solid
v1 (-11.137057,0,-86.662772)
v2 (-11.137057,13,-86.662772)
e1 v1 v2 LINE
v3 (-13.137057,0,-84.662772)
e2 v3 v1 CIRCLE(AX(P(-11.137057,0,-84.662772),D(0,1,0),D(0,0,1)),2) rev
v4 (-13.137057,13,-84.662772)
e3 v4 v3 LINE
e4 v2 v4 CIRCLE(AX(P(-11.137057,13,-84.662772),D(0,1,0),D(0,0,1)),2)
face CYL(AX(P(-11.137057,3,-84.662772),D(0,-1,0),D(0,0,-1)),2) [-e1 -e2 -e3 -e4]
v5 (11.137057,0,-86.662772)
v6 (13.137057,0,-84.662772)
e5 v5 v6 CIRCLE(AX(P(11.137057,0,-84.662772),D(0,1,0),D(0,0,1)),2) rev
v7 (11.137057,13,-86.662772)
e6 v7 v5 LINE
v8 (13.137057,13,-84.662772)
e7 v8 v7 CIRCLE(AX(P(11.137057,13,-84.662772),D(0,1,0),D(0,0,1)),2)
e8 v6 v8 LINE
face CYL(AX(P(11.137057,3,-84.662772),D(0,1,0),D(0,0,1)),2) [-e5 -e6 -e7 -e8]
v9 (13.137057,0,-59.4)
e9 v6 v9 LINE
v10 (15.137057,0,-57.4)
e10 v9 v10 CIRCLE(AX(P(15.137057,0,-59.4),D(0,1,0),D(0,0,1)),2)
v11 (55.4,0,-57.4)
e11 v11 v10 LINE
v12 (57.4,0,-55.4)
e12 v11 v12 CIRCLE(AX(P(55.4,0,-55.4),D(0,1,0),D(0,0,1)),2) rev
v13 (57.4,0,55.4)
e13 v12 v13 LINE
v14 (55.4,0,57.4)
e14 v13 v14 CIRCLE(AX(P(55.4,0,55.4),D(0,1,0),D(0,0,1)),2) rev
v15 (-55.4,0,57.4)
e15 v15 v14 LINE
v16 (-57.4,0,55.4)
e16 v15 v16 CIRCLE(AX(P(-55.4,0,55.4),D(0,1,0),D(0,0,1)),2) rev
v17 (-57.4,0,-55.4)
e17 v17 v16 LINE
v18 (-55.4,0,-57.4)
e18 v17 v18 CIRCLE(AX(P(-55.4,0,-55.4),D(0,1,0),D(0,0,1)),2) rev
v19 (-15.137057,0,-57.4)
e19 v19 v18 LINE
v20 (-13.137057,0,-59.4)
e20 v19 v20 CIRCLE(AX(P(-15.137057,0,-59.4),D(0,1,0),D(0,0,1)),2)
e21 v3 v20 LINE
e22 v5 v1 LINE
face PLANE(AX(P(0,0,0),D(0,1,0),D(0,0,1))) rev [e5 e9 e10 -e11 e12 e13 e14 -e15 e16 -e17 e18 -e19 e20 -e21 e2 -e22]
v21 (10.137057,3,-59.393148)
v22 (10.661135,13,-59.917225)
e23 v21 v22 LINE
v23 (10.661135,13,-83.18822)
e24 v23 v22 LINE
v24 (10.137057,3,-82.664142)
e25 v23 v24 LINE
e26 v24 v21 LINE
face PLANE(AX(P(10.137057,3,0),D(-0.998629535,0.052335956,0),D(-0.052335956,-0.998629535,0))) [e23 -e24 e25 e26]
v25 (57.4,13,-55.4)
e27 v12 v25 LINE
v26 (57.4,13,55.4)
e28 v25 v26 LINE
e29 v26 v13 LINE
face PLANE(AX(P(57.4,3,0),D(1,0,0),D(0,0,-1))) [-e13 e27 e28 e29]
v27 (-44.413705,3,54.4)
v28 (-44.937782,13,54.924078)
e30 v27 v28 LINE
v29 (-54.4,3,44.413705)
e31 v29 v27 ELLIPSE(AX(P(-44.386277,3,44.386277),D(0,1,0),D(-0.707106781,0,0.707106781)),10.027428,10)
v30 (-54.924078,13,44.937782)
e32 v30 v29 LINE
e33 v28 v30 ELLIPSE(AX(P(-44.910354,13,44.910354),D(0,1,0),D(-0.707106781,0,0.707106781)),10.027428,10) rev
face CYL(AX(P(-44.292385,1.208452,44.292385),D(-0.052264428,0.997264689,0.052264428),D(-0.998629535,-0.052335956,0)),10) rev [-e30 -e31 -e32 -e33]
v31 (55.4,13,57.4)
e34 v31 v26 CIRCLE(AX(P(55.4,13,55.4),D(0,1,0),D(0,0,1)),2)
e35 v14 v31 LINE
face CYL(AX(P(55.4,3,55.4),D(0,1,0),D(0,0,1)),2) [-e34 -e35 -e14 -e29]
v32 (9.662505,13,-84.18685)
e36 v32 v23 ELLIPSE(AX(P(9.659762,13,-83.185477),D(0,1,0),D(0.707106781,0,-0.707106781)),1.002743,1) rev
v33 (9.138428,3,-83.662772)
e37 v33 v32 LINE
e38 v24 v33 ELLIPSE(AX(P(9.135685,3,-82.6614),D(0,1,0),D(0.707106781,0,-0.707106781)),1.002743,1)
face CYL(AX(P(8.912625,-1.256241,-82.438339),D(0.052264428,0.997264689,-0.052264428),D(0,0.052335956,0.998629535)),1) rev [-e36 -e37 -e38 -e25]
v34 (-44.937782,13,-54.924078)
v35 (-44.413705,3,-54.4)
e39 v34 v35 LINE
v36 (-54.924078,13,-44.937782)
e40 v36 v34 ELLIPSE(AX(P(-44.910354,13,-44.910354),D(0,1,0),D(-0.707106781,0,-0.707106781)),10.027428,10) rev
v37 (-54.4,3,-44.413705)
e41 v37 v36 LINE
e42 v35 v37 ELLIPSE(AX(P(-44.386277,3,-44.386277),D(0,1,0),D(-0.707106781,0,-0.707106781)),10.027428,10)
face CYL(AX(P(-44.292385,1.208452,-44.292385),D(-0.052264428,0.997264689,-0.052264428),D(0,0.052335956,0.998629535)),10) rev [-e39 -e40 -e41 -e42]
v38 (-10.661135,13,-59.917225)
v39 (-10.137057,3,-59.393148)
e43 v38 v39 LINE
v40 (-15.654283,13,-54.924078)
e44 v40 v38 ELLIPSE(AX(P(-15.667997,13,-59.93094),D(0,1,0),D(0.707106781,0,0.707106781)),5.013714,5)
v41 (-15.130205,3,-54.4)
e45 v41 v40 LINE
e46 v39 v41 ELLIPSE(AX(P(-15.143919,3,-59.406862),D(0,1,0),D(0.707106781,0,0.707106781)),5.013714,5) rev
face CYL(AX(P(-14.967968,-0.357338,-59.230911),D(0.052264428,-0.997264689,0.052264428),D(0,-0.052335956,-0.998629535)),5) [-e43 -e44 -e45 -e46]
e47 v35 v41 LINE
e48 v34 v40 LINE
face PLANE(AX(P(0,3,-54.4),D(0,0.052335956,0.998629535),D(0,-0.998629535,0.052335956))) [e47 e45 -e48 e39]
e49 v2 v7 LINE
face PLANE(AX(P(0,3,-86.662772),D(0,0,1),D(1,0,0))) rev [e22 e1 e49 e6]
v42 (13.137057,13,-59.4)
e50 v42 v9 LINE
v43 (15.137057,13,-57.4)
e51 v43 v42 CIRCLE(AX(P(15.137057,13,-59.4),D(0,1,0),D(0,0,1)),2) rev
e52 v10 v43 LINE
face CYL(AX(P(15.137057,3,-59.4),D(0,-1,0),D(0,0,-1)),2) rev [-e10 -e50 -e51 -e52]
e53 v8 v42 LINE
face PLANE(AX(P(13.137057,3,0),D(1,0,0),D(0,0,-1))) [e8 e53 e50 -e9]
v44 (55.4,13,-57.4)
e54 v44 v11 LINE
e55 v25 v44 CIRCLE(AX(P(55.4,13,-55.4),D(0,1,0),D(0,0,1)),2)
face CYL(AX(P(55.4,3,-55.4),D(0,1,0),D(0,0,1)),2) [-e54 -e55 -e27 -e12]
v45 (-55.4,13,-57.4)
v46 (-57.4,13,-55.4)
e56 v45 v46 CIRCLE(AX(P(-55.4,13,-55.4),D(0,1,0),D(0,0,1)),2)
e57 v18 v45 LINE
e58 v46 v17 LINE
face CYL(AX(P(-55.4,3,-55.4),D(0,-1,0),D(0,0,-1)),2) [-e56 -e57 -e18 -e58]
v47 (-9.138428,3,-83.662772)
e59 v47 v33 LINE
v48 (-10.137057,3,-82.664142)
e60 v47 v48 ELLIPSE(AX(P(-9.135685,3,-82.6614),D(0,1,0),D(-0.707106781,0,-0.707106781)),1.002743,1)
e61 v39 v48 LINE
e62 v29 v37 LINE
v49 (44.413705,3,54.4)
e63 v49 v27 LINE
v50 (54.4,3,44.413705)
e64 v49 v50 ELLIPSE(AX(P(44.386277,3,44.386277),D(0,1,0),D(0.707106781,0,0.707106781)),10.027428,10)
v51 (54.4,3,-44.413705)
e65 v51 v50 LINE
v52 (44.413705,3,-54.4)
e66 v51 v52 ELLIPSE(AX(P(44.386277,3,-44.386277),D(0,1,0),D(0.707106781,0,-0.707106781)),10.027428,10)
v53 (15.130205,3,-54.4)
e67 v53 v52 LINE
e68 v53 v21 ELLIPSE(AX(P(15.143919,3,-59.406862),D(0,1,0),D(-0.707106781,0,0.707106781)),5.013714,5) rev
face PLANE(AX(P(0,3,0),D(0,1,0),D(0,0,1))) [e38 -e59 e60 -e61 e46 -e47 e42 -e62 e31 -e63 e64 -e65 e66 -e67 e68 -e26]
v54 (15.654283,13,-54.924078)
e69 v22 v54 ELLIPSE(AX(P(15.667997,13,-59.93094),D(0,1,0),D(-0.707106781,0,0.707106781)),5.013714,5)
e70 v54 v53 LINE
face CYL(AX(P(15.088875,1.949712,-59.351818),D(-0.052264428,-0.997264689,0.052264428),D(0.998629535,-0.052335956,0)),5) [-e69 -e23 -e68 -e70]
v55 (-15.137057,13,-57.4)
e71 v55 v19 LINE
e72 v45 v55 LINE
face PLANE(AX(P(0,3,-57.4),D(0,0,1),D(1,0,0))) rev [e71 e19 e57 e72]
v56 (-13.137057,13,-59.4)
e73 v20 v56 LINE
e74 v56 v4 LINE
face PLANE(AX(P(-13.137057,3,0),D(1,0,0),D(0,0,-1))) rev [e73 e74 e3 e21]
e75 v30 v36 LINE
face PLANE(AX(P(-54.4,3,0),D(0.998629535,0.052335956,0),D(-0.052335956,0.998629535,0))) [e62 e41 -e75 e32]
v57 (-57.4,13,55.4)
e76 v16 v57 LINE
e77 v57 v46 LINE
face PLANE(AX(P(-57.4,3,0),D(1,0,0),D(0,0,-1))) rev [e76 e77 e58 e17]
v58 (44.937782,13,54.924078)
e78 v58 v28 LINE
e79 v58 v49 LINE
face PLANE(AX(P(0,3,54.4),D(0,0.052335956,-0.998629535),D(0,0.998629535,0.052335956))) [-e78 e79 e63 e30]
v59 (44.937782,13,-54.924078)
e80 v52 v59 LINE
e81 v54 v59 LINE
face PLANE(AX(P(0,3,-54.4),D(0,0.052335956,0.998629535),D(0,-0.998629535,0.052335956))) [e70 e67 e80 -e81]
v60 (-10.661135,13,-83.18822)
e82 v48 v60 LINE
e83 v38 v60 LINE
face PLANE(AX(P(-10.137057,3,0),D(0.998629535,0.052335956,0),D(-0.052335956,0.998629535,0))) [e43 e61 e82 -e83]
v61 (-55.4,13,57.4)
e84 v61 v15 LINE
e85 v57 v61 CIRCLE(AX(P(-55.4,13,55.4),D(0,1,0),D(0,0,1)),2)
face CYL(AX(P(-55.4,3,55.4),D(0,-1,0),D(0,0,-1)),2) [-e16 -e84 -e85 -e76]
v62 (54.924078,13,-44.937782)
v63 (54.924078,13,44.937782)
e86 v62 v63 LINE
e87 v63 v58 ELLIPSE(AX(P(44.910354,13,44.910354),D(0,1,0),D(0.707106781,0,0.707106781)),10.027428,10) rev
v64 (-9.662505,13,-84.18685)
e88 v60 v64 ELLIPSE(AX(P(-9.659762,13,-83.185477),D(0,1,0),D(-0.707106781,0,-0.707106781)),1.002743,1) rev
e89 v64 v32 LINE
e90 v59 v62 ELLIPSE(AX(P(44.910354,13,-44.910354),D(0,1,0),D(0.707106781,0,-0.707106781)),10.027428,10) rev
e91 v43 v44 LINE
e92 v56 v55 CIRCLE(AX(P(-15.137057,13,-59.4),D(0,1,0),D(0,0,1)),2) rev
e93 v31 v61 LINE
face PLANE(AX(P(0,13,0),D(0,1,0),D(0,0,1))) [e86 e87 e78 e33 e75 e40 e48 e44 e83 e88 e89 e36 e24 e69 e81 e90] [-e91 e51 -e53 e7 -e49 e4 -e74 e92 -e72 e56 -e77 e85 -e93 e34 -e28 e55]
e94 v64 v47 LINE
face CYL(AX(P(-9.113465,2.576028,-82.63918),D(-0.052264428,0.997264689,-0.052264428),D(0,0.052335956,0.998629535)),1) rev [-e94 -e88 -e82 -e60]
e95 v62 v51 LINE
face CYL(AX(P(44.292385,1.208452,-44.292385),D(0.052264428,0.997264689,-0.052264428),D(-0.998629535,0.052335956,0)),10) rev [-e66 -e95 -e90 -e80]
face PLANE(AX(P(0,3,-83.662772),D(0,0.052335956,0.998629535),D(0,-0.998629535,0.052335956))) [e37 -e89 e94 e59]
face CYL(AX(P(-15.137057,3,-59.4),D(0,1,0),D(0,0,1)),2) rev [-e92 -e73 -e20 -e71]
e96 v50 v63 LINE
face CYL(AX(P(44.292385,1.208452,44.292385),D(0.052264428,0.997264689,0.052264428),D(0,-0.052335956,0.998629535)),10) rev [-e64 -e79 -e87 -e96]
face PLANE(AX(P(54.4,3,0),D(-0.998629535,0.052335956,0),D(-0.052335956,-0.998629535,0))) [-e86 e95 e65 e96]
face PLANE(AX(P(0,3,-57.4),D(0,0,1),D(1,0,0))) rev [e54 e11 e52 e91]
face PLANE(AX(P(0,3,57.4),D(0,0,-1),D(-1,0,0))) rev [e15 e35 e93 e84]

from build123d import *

# Parameters (mm, degrees)
BOSS_EXTRUDE3_DEPTH = 3
BOSS_EXTRUDE4_START = 3
BOSS_EXTRUDE4_DEPTH = 10
DRAFT12_ANGLE       = 3
FILLET1_R           = 2
FILLET3_R           = 10
FILLET4_R           = 5
FILLET5_R           = 1


with BuildPart() as part:
    # Sketch2 → Boss-Extrude3 (new body)
    with BuildSketch(Plane(origin=(0, 0, 0), x_dir=(1, 0, 0), z_dir=(0, 1, 0))):
        Polygon((-57.4, 57.4), (-57.4, -57.4), (57.4, -57.4), (57.4, 57.4), (13.13705704, 57.4), (13.13705704, 86.662771881), (-13.13705704, 86.662771881), (-13.13705704, 57.4), align=None)
    extrude(amount=BOSS_EXTRUDE3_DEPTH)

    # Sketch2<5> → Boss-Extrude4 (add)
    with BuildSketch(Plane(origin=(0, 0, 0), x_dir=(1, 0, 0), z_dir=(0, 1, 0)).offset(BOSS_EXTRUDE4_START)):
        Polygon((-57.4, 44.4), (-57.4, -44.4), (-57.4, -57.4), (-44.4, -57.4), (44.4, -57.4), (57.4, -57.4), (57.4, -44.4), (57.4, 44.4), (57.4, 57.4), (44.4, 57.4), (13.13705704, 57.4), (13.13705704, 86.662771881), (-13.13705704, 86.662771881), (-13.13705704, 57.4), (-44.4, 57.4), (-57.4, 57.4), align=None)
        Polygon((54.4, -44.4), (54.4, 44.4), (54.4, 54.4), (44.4, 54.4), (13.13705704, 54.4), (10.13705704, 54.4), (10.13705704, 57.4), (10.13705704, 83.662771881), (-10.13705704, 83.662771881), (-10.13705704, 57.4), (-10.13705704, 54.4), (-13.13705704, 54.4), (-44.4, 54.4), (-54.4, 54.4), (-54.4, 44.4), (-54.4, -44.4), (-54.4, -54.4), (-44.4, -54.4), (44.4, -54.4), (54.4, -54.4), align=None, mode=Mode.SUBTRACT)
    extrude(amount=BOSS_EXTRUDE4_DEPTH)

    # Draft12
    draft12_faces = [part.faces().sort_by_distance(p)[0] for p in [
        (-10.13705704, 8, -69.03138594),
        (-32.26852852, 8, -54.4),
        (-54.4, 8, 0),
        (0, 8, 54.4),
        (54.4, 8, 0),
        (0, 8, -83.662771881),
        (32.26852852, 8, -54.4),
        (10.13705704, 8, -69.03138594),
    ]]
    draft(draft12_faces, Plane.ZX.offset(3), DRAFT12_ANGLE)

    # Fillet1
    fillet1_edges = [part.edges().sort_by_distance(p)[0] for p in [
        (-57.4, 6.5, -57.4),
        (-13.13705704, 6.5, -57.4),
        (-13.13705704, 6.5, -86.662771881),
        (13.13705704, 6.5, -86.662771881),
        (13.13705704, 6.5, -57.4),
        (57.4, 6.5, -57.4),
        (57.4, 6.5, 57.4),
        (-57.4, 6.5, 57.4),
    ]]
    fillet(fillet1_edges, radius=FILLET1_R)

    # Fillet3
    fillet3_edges = [part.edges().sort_by_distance(p)[0] for p in [
        (-54.662038896, 8, -54.662038896),
        (-54.662038896, 8, 54.662038896),
        (54.662038896, 8, 54.662038896),
        (54.662038896, 8, -54.662038896),
    ]]
    fillet(fillet3_edges, radius=FILLET3_R)

    # Fillet4
    fillet4_edges = [part.edges().sort_by_distance(p)[0] for p in [
        (10.399095937, 8, -54.662038896),
        (-10.399095937, 8, -54.662038896),
    ]]
    fillet(fillet4_edges, radius=FILLET4_R)

    # Fillet5
    fillet5_edges = [part.edges().sort_by_distance(p)[0] for p in [
        (10.399095937, 8, -83.924810777),
        (-10.399095937, 8, -83.924810777),
    ]]
    fillet(fillet5_edges, radius=FILLET5_R)


solid = part.part
